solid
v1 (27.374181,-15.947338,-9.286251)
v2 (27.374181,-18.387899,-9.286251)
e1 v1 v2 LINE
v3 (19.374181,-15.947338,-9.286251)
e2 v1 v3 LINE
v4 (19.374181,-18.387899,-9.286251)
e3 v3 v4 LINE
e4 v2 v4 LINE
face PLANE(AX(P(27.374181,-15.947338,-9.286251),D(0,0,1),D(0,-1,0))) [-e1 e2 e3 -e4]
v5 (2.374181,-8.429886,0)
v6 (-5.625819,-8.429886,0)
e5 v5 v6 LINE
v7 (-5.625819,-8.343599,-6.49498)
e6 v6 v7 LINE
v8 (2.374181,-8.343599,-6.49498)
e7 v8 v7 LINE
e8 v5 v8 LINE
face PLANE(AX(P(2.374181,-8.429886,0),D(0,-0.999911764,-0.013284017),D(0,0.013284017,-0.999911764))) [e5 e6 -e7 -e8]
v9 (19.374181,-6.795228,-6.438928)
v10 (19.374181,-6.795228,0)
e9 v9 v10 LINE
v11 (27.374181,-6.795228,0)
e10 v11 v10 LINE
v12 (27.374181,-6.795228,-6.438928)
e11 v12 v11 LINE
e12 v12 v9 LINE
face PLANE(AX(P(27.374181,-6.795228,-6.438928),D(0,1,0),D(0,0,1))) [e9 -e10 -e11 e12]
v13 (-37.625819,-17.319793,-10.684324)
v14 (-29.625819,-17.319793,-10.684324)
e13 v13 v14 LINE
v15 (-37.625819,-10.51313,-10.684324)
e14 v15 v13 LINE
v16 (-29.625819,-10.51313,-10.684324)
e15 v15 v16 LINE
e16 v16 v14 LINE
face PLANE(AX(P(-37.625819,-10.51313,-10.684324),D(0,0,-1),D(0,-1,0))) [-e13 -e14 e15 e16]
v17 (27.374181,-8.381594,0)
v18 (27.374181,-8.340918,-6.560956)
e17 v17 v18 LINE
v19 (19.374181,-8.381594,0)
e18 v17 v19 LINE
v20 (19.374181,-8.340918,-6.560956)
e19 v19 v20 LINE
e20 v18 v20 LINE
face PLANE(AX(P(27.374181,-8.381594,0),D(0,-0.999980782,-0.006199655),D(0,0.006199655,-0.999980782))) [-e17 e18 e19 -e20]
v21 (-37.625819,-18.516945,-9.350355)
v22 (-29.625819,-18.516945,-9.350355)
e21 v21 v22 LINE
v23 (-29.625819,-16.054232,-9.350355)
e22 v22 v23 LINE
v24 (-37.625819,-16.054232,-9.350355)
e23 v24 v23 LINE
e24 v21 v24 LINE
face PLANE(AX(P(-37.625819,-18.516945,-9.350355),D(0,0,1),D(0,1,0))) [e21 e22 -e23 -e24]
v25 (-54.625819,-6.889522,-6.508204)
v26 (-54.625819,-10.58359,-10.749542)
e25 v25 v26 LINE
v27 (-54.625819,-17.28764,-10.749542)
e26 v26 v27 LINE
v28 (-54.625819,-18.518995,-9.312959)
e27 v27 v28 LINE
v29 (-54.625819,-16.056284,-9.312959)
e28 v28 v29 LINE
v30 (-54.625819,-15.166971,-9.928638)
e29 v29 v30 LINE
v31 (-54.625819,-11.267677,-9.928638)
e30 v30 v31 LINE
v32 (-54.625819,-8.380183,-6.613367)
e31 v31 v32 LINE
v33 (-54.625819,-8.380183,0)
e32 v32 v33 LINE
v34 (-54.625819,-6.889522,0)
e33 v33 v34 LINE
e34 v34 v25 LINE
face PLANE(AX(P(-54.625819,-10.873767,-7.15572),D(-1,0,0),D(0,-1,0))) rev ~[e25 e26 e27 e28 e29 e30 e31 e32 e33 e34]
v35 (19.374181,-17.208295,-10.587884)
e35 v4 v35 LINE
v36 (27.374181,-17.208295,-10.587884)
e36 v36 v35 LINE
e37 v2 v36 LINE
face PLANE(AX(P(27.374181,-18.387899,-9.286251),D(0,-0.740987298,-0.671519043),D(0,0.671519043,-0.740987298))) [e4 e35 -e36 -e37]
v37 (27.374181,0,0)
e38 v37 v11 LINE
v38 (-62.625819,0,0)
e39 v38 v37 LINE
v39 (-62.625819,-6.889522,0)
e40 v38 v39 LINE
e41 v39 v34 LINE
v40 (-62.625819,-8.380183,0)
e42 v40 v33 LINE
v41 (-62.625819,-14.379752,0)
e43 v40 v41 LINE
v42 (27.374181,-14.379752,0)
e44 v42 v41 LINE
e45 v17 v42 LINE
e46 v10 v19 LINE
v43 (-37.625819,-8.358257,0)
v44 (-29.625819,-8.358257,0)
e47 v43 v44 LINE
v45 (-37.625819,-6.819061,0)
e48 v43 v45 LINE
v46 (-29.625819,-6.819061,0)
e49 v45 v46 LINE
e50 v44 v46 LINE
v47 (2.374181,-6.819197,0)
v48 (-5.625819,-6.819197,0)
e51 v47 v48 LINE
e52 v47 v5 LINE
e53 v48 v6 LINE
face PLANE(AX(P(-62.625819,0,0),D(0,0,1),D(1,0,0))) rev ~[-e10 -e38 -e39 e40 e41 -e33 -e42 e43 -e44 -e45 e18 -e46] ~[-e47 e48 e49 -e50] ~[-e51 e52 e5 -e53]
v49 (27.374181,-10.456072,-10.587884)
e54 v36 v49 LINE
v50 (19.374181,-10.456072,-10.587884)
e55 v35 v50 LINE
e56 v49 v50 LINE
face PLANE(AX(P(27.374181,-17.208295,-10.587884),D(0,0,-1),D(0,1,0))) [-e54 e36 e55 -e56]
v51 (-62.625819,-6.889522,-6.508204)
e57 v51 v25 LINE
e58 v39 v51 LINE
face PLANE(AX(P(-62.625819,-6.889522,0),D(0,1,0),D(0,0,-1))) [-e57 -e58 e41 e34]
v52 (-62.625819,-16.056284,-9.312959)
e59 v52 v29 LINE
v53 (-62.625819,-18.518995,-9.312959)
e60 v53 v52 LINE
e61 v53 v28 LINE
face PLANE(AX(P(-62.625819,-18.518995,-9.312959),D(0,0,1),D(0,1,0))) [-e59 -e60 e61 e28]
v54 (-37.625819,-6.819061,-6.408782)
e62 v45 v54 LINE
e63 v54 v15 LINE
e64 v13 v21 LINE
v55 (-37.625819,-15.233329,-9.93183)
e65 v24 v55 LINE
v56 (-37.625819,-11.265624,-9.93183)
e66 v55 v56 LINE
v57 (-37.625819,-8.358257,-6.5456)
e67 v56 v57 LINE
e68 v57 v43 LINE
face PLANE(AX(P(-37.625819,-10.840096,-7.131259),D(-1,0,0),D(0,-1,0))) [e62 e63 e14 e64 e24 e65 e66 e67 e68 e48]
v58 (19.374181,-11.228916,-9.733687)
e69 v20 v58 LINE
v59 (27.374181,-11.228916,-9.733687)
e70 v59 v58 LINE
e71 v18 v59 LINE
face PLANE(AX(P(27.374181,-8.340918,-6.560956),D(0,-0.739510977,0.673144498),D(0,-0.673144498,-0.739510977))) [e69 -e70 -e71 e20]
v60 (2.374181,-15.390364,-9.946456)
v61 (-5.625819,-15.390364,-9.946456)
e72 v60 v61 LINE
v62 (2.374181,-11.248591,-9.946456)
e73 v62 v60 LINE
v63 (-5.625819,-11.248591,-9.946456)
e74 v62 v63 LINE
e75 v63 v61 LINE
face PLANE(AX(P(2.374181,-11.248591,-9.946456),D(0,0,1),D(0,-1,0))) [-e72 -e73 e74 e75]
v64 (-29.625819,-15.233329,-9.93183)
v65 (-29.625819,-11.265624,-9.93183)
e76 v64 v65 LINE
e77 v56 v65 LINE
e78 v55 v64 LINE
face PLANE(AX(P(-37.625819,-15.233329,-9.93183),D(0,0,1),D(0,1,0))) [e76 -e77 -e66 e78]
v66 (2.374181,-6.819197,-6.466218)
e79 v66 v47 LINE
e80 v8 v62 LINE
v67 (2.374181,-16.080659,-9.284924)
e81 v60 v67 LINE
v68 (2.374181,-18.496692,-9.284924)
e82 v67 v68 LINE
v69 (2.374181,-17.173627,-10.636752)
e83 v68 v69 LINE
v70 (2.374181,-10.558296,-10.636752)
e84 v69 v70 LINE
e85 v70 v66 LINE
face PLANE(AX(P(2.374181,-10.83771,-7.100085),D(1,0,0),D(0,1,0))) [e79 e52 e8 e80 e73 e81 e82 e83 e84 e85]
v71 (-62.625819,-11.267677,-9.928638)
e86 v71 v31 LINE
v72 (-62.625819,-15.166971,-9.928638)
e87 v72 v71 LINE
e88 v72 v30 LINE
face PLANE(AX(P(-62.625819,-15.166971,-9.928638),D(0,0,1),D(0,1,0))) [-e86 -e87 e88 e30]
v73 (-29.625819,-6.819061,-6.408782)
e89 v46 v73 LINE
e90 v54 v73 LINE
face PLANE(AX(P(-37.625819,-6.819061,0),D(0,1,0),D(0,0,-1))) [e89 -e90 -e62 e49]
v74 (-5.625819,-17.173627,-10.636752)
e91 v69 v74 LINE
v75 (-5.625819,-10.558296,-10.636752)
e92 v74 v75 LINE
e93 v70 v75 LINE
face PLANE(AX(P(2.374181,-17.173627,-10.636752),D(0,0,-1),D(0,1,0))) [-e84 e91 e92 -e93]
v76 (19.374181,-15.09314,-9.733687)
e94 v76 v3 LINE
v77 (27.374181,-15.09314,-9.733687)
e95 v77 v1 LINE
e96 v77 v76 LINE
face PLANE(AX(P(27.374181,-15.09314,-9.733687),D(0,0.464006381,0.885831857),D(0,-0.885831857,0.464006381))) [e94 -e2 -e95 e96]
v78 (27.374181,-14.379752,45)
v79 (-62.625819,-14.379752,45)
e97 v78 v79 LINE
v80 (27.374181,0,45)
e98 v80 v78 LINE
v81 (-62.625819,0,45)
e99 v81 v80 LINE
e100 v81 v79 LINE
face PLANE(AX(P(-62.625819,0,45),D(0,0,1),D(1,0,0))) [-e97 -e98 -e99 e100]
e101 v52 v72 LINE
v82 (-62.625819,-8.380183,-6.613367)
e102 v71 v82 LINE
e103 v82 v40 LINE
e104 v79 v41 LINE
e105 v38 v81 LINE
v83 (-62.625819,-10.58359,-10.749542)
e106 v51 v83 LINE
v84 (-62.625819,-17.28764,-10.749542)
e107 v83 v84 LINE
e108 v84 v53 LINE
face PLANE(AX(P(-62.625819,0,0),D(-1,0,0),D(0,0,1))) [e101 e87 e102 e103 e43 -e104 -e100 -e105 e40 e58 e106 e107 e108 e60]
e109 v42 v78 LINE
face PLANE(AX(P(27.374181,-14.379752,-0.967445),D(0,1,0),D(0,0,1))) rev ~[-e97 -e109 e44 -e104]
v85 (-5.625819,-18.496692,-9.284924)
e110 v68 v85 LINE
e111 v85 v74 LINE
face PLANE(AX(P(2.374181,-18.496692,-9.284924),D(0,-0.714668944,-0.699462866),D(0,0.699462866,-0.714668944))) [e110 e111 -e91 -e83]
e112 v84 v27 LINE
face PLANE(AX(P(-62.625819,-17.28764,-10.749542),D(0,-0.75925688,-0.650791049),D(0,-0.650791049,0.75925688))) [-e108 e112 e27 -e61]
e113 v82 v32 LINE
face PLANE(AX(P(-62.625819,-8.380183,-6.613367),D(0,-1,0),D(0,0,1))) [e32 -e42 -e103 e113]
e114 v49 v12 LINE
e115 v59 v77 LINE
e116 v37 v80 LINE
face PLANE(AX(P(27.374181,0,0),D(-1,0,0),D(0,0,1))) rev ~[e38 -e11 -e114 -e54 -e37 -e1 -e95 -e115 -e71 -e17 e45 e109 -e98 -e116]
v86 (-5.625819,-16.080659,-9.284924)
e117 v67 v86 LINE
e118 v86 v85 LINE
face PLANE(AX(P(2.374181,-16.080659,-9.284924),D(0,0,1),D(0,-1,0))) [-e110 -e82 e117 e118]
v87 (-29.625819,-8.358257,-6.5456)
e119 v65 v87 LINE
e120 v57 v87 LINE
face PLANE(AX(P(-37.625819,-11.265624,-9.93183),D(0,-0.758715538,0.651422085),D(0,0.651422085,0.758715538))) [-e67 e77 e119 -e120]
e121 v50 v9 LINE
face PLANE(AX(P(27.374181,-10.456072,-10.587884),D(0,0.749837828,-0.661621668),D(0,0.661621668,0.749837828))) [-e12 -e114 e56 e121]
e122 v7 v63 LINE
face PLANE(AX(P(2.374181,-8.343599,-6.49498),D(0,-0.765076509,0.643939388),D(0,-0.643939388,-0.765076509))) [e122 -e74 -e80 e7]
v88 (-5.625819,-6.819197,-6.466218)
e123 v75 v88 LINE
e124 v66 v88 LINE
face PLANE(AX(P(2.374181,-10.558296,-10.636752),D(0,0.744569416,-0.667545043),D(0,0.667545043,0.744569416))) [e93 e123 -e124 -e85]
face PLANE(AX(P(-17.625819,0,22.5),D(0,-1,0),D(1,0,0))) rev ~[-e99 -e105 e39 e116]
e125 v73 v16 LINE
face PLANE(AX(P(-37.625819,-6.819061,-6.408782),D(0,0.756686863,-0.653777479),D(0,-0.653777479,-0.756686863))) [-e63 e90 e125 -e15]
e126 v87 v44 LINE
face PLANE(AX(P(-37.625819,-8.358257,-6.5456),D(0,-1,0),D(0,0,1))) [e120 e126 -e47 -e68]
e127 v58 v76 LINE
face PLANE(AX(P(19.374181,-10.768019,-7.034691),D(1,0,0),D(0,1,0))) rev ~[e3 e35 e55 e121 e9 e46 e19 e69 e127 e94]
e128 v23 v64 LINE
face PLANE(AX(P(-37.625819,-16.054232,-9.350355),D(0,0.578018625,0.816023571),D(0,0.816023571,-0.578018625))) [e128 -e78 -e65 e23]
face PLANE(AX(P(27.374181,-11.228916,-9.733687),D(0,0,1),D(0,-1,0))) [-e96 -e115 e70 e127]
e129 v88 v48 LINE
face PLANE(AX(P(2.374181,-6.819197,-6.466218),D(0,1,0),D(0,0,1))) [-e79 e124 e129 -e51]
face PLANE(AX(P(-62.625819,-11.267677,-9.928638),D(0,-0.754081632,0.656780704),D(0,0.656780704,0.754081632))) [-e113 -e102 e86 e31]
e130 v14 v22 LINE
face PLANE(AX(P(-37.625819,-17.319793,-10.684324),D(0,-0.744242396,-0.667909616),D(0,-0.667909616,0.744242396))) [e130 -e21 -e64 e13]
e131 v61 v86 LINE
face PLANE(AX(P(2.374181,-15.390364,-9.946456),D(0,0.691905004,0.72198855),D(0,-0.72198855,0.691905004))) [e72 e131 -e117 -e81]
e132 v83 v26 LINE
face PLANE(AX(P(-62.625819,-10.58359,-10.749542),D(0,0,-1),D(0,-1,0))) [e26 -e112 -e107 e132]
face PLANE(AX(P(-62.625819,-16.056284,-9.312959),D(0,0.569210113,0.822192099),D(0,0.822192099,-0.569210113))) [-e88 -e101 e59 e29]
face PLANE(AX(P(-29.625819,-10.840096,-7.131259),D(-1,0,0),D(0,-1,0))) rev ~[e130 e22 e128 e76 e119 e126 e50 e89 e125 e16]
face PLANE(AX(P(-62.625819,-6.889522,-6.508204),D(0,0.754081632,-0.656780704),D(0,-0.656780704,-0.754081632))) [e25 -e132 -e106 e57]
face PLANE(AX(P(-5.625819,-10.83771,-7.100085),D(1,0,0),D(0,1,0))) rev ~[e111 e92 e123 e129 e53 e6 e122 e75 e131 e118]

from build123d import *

# Parameters (mm, degrees)
F0_W      = 90
F0_H      = 45
F1_DEPTH  = 25
F3_DEPTH  = 8
F6_DEPTH  = 8
F8_DEPTH  = 8
F11_DEPTH = 8
F13_DEPTH = 100


with BuildPart() as f1:
    # F0 (on Front) → F1 (new body)
    with BuildSketch(Plane.XZ):
        with Locations((-17.625819491, 22.5)):
            Rectangle(F0_W, F0_H)
    extrude(amount=F1_DEPTH)

    # F2 (on face) → F3 (join)
    with BuildSketch(Plane(origin=(-62.625819491, 0, 0), x_dir=(0, -1, 0), z_dir=(-1, 0, 0))):
        Polygon((8.3801829397, 0), (6.88952161, 0), (6.88952161, -6.5082041547), (10.5835897848, -10.7495421544), (17.287639901, -10.7495421544), (18.5189954937, -9.3129593879), (16.0562843084, -9.3129593879), (15.1669709012, -9.9286381155), (11.2676769495, -9.9286381155), (8.3801829397, -6.6133668514), align=None)
    extrude(amount=-F3_DEPTH)

    # F5 (on offset) → F6 (join)
    with BuildSketch(Plane(origin=(-37.625819491, 0, 0), x_dir=(0, -1, 0), z_dir=(-1, 0, 0))):
        Polygon((8.3582568914, 0), (6.8190610036, 0), (6.8190610036, -6.4087822102), (10.5131296441, -10.6843244284), (17.3197928816, -10.6843244284), (18.5169447213, -9.3503547832), (16.0542316735, -9.3503547832), (15.233328566, -9.931829758), (11.2656243145, -9.931829758), (8.3582568914, -6.5456000157), align=None)
    extrude(amount=-F6_DEPTH)

    # F7 (on face) → F8 (join)
    with BuildSketch(Plane.YZ.offset(27.374180509)):
        Polygon((-6.7952279933, 0), (-8.3815939724, 0), (-8.3409175277, -6.5609556623), (-11.2289162353, -9.7336871549), (-15.0931403041, -9.7336871549), (-15.9473381937, -9.2862509191), (-18.3878988028, -9.2862509191), (-17.208294943, -10.5878841132), (-10.4560721666, -10.5878841132), (-6.7952279933, -6.438927725), align=None)
    extrude(amount=-F8_DEPTH)

    # F10 (on offset) → F11 (join)
    with BuildSketch(Plane.YZ.offset(2.374180509)):
        Polygon((-6.8191965111, 0), (-8.4298858419, 0), (-8.3435988054, -6.4949798398), (-11.248591356, -9.946456179), (-15.3903635219, -9.946456179), (-16.0806588829, -9.2849237844), (-18.4966921806, -9.2849237844), (-17.1736273915, -10.63675154), (-10.558295995, -10.63675154), (-6.8191965111, -6.4662178047), align=None)
    extrude(amount=-F11_DEPTH)

    # F12 (on face) → F13 (cut)
    with BuildSketch(Plane.YZ.offset(27.374180509)):
        Polygon((-14.3797518685, -0.9674453177), (-14.3797518685, 0), (-14.3797518685, 45.9536239505), (-25.8923433721, 45.9536239505), (-25.8923433721, -0.9674453177), align=None)
    extrude(amount=-F13_DEPTH, mode=Mode.SUBTRACT)


solid = f1.part
